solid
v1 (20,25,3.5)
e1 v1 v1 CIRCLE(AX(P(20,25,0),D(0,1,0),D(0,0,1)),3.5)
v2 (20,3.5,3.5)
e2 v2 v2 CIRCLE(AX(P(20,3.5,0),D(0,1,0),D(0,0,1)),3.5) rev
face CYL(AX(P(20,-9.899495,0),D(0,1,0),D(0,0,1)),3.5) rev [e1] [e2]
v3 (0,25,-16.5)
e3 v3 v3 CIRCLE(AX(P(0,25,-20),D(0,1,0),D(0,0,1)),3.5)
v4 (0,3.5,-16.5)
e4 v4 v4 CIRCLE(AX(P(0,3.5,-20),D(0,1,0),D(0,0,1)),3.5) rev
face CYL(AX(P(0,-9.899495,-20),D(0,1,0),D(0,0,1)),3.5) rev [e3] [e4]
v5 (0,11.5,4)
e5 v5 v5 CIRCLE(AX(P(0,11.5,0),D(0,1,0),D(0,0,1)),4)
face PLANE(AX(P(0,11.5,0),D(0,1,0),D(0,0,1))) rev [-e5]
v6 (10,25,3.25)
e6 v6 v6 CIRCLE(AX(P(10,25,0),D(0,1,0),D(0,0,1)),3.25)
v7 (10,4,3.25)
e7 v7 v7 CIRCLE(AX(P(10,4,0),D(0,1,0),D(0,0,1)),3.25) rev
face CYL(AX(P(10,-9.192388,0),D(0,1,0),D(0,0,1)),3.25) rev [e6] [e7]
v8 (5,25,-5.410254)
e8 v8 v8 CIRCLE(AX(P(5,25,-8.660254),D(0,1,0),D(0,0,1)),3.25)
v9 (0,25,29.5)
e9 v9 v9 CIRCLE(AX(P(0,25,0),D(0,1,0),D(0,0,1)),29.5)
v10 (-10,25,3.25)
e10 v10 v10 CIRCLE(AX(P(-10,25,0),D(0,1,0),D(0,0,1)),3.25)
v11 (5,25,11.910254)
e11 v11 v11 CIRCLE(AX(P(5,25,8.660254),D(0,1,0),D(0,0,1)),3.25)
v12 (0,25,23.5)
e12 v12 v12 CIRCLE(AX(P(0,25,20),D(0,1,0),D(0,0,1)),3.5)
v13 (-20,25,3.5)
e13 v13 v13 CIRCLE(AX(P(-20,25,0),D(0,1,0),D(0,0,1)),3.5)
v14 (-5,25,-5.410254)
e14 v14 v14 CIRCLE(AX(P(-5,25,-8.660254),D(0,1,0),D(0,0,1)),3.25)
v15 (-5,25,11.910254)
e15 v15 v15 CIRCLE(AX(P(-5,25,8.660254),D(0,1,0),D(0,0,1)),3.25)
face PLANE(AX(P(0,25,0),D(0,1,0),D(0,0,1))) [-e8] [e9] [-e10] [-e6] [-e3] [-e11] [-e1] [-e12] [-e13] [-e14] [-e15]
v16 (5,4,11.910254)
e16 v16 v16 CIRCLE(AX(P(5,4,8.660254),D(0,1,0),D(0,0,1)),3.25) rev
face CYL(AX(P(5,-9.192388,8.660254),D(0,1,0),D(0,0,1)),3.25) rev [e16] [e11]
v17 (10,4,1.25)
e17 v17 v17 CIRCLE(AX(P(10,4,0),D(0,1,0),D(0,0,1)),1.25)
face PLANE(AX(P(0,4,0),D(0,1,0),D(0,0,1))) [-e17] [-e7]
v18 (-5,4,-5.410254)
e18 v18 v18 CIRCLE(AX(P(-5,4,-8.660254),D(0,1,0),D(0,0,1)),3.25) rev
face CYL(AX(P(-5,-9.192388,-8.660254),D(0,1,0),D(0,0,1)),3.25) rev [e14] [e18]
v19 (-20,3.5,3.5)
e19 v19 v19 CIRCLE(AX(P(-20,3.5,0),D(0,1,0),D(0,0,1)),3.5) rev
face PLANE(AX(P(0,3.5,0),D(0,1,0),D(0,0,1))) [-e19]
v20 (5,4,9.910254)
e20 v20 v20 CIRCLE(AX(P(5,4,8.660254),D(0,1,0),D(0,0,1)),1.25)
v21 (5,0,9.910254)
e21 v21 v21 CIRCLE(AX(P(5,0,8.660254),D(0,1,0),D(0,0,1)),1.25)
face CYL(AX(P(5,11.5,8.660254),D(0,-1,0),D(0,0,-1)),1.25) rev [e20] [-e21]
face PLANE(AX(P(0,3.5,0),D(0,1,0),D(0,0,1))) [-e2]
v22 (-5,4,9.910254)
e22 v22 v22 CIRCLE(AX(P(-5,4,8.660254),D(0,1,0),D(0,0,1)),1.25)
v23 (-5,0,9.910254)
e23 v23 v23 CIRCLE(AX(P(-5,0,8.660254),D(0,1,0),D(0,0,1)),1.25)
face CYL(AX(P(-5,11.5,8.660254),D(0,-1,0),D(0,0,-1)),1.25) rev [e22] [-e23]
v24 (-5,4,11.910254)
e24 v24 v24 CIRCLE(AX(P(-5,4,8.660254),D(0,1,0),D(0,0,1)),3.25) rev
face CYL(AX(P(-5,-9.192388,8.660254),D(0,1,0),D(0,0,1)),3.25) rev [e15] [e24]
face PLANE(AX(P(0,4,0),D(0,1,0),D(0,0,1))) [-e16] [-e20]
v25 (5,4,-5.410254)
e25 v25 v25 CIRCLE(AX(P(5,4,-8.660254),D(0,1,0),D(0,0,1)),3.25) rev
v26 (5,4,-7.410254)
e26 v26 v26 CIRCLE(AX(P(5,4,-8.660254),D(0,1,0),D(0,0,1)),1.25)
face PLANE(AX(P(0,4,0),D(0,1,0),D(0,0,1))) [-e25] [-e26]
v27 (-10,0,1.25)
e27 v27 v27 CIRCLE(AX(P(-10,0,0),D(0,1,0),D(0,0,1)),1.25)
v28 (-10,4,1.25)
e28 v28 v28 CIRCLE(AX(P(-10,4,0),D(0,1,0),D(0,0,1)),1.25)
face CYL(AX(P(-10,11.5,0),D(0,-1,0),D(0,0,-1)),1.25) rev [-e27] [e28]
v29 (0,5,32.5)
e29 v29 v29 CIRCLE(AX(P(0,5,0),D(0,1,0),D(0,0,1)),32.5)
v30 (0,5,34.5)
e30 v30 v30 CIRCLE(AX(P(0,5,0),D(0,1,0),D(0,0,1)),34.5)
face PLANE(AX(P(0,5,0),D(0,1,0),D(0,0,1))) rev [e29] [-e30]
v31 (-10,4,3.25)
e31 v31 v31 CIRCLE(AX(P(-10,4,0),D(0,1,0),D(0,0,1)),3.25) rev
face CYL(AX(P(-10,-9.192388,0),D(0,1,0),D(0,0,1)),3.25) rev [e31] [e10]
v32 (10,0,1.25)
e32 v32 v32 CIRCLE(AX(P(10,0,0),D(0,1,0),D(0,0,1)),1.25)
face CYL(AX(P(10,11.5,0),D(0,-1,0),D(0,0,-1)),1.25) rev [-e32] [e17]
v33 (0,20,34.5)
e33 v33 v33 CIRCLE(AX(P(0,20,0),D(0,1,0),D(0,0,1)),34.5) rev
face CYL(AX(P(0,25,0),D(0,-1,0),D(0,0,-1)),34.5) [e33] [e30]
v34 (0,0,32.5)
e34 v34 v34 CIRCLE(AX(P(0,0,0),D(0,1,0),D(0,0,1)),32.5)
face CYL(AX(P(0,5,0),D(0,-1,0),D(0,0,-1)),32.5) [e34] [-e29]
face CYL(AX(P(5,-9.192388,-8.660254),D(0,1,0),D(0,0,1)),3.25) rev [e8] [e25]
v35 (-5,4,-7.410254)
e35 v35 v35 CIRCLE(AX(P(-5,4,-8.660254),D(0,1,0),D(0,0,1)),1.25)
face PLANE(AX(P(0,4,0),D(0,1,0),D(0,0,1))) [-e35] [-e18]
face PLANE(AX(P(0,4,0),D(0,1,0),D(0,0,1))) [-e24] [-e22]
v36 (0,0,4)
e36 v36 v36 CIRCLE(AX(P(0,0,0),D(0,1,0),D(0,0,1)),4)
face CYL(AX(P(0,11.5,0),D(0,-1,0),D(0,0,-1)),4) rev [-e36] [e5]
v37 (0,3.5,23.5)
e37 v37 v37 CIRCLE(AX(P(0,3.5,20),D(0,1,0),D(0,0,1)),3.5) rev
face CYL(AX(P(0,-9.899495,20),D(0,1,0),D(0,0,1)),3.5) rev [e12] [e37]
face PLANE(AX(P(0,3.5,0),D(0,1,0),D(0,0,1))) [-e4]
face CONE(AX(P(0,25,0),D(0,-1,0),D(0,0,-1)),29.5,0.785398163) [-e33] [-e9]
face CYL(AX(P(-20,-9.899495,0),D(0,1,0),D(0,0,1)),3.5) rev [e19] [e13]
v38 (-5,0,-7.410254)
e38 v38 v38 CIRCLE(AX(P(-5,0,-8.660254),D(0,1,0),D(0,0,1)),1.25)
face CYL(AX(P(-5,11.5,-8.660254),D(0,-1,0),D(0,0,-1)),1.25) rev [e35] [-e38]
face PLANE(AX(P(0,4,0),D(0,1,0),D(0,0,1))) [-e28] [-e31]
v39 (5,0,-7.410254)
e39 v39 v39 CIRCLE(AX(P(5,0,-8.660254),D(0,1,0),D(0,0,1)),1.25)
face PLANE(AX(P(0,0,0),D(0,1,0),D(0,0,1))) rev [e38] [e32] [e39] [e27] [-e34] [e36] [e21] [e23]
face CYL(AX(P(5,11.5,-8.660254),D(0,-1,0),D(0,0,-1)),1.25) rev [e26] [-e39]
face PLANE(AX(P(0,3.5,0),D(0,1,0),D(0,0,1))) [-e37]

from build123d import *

# Parameters (mm, degrees)
SKETCH1_R           = 32.5
BOSS_EXTRUDE1_DEPTH = 5
SKETCH3_R           = 34.5
BOSS_EXTRUDE3_DEPTH = 20
SKETCH2_R           = 1.25
SKETCH2_R_2         = 4
CUT_EXTRUDE1_DEPTH  = 11.5
SKETCH4_R           = 3.25
CUT_EXTRUDE2_DEPTH  = 21
SKETCH5_R           = 3.5
CUT_EXTRUDE3_DEPTH  = 21.5
CHAMFER1_SIZE       = 5


with BuildPart() as part:
    # Sketch1 → Boss-Extrude1 (new body)
    with BuildSketch(Plane(origin=(0, 0, 0), x_dir=(1, 0, 0), z_dir=(0, 1, 0))):
        with Locations(Location((0, 0, 0), (0, 0, 270))):
            Circle(SKETCH1_R)
    extrude(amount=BOSS_EXTRUDE1_DEPTH)

    # Sketch3 → Boss-Extrude3 (add)
    with BuildSketch(Plane(origin=(0, 5, 0), x_dir=(1, 0, 0), z_dir=(0, 1, 0))):
        with Locations(Location((0, 0, 0), (0, 0, 270))):
            Circle(SKETCH3_R)
    extrude(amount=BOSS_EXTRUDE3_DEPTH)

    # Sketch2 → Cut-Extrude1 (cut)
    with BuildSketch(Plane(origin=(0, 0, 0), x_dir=(1, 0, 0), z_dir=(0, 1, 0))):
        with Locations(Location((-5, 8.660254038, 0), (0, 0, 270))):
            Circle(SKETCH2_R)
        with Locations(Location((5, 8.660254038, 0), (0, 0, 270))):
            Circle(SKETCH2_R)
        with Locations(Location((10, 0, 0), (0, 0, 270))):
            Circle(SKETCH2_R)
        with Locations(Location((5, -8.660254038, 0), (0, 0, 270))):
            Circle(SKETCH2_R)
        with Locations(Location((-5, -8.660254038, 0), (0, 0, 270))):
            Circle(SKETCH2_R)
        with Locations(Location((-10, 0, 0), (0, 0, 270))):
            Circle(SKETCH2_R)
        with Locations(Location((0, 0, 0), (0, 0, 270))):
            Circle(SKETCH2_R_2)
    extrude(amount=CUT_EXTRUDE1_DEPTH, mode=Mode.SUBTRACT)

    # Sketch4 → Cut-Extrude2 (cut)
    with BuildSketch(Plane(origin=(0, 25, 0), x_dir=(1, 0, 0), z_dir=(0, 1, 0))):
        with Locations(Location((10, 0, 0), (0, 0, 270))):
            Circle(SKETCH4_R)
        with Locations(Location((5, 8.660254038, 0), (0, 0, 270))):
            Circle(SKETCH4_R)
        with Locations(Location((5, -8.660254038, 0), (0, 0, 270))):
            Circle(SKETCH4_R)
        with Locations(Location((-5, -8.660254038, 0), (0, 0, 270))):
            Circle(SKETCH4_R)
        with Locations(Location((-10, 0, 0), (0, 0, 270))):
            Circle(SKETCH4_R)
        with Locations(Location((-5, 8.660254038, 0), (0, 0, 270))):
            Circle(SKETCH4_R)
    extrude(amount=-CUT_EXTRUDE2_DEPTH, mode=Mode.SUBTRACT)

    # Sketch5 → Cut-Extrude3 (cut)
    with BuildSketch(Plane(origin=(0, 25, 0), x_dir=(1, 0, 0), z_dir=(0, 1, 0))):
        with Locations(Location((0, 20, 0), (0, 0, 270))):
            Circle(SKETCH5_R)
        with Locations(Location((20, 0, 0), (0, 0, 270))):
            Circle(SKETCH5_R)
        with Locations(Location((0, -20, 0), (0, 0, 270))):
            Circle(SKETCH5_R)
        with Locations(Location((-20, 0, 0), (0, 0, 270))):
            Circle(SKETCH5_R)
    extrude(amount=-CUT_EXTRUDE3_DEPTH, mode=Mode.SUBTRACT)

    # Chamfer1
    chamfer1_edges = [part.edges().sort_by_distance(p)[0] for p in [
        (0, 25, -34.5),
    ]]
    chamfer(chamfer1_edges, length=CHAMFER1_SIZE)


solid = part.part
